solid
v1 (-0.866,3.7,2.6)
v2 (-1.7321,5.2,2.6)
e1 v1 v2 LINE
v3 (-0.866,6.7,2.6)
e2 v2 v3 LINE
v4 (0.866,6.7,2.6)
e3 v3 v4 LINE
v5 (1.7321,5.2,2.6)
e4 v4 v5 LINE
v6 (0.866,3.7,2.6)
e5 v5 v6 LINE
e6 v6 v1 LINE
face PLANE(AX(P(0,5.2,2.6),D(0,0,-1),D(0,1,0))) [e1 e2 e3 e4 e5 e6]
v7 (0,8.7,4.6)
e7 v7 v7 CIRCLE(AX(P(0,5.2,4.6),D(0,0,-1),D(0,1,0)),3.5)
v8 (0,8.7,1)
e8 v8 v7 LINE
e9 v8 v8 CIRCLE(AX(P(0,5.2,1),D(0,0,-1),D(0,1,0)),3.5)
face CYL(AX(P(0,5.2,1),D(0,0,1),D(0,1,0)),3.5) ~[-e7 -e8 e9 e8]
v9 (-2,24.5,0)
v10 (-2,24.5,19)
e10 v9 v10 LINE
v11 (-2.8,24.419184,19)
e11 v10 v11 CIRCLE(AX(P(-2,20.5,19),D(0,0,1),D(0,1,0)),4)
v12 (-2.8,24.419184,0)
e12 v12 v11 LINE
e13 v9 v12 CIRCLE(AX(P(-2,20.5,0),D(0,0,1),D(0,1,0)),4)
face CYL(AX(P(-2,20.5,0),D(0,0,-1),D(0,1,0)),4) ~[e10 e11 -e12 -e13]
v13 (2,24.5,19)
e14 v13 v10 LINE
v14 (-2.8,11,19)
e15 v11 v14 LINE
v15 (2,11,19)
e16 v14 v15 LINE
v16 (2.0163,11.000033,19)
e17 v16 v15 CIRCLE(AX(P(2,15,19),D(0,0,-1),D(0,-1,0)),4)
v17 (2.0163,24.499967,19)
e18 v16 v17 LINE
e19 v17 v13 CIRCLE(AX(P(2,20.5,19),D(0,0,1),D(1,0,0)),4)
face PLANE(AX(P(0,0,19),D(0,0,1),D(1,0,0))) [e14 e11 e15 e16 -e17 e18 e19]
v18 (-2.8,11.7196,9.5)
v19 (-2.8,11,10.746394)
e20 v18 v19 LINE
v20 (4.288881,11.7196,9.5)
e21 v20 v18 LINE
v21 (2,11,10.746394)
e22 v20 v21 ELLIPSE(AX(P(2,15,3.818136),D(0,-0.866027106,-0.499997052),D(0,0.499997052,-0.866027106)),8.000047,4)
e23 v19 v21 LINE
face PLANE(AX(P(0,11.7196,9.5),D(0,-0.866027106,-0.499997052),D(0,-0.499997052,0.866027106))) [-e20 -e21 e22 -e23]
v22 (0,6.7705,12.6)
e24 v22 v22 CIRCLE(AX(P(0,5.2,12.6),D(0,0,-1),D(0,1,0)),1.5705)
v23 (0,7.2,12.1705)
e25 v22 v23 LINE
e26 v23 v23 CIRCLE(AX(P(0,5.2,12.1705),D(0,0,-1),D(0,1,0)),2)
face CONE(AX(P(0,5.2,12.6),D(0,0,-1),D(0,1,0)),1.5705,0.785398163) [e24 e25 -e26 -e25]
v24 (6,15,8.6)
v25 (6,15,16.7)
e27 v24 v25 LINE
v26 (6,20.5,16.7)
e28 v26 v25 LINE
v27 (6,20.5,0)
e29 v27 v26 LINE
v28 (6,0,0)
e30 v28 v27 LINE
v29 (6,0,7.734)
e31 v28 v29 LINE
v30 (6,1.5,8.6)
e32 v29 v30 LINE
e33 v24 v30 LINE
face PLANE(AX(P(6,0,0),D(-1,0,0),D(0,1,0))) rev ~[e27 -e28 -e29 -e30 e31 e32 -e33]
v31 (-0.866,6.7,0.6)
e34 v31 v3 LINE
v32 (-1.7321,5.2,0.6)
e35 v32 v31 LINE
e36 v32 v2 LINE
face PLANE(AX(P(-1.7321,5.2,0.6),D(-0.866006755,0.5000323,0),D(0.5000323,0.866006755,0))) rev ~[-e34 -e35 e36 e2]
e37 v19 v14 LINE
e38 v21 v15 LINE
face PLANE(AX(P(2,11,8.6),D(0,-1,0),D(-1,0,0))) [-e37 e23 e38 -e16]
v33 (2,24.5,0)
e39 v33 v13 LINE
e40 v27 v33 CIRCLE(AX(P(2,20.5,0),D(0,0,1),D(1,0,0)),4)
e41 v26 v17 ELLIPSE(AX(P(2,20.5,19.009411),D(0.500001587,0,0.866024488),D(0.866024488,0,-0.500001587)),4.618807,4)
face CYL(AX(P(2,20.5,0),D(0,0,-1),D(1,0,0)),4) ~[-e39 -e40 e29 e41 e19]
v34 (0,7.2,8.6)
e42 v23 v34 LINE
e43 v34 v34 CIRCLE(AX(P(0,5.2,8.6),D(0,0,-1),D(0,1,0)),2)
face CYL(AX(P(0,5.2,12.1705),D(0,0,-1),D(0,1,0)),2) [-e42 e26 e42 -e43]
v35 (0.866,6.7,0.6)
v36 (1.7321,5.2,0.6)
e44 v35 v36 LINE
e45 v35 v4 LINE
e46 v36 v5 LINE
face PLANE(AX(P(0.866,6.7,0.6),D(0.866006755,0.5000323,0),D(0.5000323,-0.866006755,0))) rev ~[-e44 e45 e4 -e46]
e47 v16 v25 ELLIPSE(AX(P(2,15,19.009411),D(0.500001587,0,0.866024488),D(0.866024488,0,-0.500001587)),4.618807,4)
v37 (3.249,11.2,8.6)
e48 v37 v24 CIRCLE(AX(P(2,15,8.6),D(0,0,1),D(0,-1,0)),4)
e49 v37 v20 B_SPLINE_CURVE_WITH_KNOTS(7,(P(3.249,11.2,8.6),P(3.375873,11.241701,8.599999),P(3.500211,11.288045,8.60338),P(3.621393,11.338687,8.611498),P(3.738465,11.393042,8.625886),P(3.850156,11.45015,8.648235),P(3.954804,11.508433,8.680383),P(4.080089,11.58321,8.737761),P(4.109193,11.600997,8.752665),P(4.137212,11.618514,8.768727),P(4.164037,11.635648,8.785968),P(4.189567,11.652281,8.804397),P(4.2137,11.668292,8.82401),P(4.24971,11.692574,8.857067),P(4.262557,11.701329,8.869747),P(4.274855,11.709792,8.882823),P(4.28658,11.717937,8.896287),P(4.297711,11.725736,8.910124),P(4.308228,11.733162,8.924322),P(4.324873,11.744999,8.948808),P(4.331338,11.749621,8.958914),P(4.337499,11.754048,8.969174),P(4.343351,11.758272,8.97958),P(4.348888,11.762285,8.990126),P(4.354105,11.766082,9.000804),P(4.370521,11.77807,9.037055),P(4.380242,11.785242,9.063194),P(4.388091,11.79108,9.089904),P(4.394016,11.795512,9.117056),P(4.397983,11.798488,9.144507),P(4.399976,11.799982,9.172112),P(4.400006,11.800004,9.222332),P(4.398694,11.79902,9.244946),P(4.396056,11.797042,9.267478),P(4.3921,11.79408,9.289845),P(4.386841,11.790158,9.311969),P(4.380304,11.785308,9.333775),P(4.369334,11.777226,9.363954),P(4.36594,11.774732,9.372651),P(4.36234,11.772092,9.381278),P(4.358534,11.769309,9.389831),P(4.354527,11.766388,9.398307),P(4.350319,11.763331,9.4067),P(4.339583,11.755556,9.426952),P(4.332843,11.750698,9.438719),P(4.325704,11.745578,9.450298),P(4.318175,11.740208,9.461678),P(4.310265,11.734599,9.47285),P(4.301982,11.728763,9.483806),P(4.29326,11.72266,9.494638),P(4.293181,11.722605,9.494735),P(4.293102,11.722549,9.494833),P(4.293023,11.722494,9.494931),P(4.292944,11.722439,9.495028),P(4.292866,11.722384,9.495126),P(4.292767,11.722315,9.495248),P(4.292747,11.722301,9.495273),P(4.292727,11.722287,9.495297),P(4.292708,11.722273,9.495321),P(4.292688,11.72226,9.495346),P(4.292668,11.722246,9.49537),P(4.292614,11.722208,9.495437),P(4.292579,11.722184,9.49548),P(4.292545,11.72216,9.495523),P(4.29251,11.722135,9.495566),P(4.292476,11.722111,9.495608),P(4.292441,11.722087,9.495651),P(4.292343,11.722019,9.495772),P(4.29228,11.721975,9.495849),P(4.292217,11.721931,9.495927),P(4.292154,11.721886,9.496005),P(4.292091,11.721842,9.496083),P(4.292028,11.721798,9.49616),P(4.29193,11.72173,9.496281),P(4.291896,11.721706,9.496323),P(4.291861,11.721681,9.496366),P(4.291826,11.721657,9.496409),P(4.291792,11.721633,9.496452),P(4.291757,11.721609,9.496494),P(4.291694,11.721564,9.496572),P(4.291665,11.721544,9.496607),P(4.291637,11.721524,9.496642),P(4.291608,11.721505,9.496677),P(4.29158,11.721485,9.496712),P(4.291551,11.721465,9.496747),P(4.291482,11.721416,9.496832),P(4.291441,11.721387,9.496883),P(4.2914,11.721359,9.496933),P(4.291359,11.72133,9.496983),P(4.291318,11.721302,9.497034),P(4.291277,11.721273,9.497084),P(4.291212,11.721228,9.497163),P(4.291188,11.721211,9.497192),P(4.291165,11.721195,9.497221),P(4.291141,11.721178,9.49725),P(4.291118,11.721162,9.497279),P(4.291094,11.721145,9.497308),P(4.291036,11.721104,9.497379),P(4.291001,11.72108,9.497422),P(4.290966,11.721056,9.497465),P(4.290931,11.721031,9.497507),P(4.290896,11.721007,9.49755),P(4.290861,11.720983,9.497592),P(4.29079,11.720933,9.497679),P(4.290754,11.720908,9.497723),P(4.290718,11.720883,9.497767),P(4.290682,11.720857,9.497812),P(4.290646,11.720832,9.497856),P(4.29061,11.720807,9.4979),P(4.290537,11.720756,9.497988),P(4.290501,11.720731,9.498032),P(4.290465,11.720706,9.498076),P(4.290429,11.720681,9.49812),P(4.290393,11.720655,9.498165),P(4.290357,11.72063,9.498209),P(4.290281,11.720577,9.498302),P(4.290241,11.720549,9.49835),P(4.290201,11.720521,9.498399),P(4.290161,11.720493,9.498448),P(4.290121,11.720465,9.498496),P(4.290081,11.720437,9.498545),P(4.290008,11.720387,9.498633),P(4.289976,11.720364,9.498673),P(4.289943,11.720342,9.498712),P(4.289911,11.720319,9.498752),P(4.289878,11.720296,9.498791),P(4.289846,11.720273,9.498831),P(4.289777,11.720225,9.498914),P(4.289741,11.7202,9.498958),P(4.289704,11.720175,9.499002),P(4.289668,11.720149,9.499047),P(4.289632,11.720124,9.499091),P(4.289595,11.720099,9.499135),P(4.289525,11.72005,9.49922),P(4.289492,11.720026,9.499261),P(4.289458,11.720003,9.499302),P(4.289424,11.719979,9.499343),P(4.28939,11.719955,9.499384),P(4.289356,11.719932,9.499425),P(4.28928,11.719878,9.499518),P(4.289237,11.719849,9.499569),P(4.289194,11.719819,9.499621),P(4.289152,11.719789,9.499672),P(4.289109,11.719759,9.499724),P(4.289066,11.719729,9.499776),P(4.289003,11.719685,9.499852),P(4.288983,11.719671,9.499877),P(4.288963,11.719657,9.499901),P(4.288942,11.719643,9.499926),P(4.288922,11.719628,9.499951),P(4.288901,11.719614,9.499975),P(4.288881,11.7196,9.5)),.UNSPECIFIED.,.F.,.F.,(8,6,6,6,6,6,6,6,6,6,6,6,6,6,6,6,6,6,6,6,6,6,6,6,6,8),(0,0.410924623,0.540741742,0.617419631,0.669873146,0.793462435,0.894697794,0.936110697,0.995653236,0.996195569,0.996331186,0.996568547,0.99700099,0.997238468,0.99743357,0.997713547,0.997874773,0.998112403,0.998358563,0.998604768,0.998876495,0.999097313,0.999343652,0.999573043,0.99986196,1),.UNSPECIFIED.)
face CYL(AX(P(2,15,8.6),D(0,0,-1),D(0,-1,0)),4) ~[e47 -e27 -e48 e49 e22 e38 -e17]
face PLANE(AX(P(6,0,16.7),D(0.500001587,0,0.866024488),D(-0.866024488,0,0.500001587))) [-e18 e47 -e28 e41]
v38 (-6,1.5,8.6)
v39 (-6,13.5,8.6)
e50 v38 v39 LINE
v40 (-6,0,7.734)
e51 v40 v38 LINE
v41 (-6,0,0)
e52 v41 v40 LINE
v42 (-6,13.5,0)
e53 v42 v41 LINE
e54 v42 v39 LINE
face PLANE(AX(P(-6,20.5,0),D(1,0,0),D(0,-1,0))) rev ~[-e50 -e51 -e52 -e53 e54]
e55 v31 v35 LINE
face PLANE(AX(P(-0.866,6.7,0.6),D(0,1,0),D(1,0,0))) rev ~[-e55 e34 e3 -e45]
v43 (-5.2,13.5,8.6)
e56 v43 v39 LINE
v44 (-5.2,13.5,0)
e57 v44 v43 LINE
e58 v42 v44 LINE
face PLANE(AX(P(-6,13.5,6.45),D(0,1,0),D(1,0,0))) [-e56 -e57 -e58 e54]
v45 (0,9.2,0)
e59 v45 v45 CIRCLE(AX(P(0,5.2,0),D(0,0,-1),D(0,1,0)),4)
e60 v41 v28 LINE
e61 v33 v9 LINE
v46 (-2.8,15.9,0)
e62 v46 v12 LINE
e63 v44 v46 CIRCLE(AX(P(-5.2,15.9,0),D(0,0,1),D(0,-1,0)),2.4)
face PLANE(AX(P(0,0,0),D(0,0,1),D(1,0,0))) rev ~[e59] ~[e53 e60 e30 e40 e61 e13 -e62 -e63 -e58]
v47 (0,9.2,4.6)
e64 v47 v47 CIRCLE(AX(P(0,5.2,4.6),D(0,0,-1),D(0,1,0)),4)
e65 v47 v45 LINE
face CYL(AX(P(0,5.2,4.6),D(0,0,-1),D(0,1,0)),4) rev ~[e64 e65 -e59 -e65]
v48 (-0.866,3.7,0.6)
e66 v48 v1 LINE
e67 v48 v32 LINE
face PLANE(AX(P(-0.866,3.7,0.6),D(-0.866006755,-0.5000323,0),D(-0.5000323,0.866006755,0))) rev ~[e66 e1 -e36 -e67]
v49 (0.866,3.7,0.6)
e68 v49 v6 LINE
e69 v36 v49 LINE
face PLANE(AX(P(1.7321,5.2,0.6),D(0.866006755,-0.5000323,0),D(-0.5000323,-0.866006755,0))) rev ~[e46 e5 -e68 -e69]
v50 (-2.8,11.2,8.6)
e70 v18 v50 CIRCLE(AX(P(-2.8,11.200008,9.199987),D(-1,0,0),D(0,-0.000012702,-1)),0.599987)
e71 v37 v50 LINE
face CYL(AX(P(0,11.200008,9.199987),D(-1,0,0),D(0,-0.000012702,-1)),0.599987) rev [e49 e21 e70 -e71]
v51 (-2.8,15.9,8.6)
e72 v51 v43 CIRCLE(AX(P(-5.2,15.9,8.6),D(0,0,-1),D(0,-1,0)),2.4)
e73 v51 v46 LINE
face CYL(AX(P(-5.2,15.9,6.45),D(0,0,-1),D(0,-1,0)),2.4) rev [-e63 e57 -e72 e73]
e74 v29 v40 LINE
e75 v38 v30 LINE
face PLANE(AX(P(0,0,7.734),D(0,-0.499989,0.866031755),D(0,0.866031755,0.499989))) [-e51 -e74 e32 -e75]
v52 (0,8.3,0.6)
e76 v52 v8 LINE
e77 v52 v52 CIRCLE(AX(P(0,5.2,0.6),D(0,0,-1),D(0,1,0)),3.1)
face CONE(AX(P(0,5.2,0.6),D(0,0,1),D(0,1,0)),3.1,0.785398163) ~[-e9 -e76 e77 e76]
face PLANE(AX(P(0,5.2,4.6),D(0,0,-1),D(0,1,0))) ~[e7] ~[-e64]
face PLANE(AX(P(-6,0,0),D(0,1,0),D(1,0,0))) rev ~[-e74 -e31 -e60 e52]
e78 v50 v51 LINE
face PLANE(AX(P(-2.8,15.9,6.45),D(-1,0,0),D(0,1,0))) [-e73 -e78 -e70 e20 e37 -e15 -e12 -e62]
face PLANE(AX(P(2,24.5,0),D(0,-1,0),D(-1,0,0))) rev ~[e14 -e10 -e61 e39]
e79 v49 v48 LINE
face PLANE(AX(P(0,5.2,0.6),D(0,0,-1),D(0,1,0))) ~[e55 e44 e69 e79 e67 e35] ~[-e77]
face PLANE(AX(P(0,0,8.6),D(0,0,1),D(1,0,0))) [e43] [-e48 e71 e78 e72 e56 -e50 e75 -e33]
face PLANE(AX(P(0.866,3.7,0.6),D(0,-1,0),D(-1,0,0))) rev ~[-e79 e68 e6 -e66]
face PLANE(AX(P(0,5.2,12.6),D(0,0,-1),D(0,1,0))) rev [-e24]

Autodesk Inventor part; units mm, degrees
sketch "Skizze_1" plane through (0, 0, 0) normal (0, 0, 1) x (1, 0, 0)
  line L0 (-6, 20.5) -> (-6, 0)
  line L1 (-6, 0) -> (6, 0)
  line L2 (6, 0) -> (6, 20.5)
  arc A0 (6, 20.5) -> (2, 24.5) centre (2, 20.5) ccw
  line L3 (2, 24.5) -> (-2, 24.5)
  arc A1 (-2, 24.5) -> (-6, 20.5) centre (-2, 20.5) ccw
extrude "Extrusion1" add sketch "Skizze_1" along normal blind 19
sketch "Skizze_2" plane through (0, 0, 0) normal (1, 0, 0) x (0, 1, 0)
  line L0 (1.5, 8.6) -> (0, 8.6)
  line L1 (0, 8.6) -> (0, 7.734)
  line L2 (0, 7.734) -> (1.5, 8.6)
extrude "Extrusion2" cut sketch "Skizze_2" along normal mid plane 12
sketch "Skizze_5" plane through (0, 0, 0) normal (1, 0, 0) x (0, 1, 0)
  line L0 (5.2, 0) -> (5.2, 8.6)
  line L1 (5.2, 0.6) -> (8.3, 0.6)
  line L2 (8.3, 0.6) -> (8.7, 1)
  line L3 (8.7, 1) -> (8.7, 4.6)
  line L4 (8.7, 4.6) -> (9.2, 4.6)
  line L5 (9.2, 4.6) -> (9.2, 0)
  line L6 (9.2, 0) -> (5.2, 0)
  line L7 (5.2, 0) -> (5.2, 0.6)
sketch "Sketch_1" plane through (0, 0, 8.6) normal (0, 0, 1) x (1, 0, 0)
  line L0 (-6, 24.5) -> (-6, 0)
  line L1 (-6, 0) -> (8, 0)
  line L2 (8, 0) -> (8, 15)
  line L3 (8, 15) -> (6, 15)
  arc A0 (2, 11) -> (6, 15) centre (2, 15) ccw
  line L4 (2, 11) -> (-2.8, 11)
  line L5 (-2.8, 11) -> (-2.8, 24.5)
  line L6 (-2.8, 24.5) -> (-6, 24.5)
extrude "Extrusion3" cut sketch "Sketch_1" along normal blind 19.8
revolve "Revolution1" cut sketch "Skizze_5" angle 360 about axis through (0, 5.2, 0) along (0, 0, -1)
sketch "Skizze_6" plane through (0, 5.2, 0.6) normal (0, 0, -1) x (0, 1, 0)
  line L0 (-1.5, -0.866) -> (0, -1.7321)
  line L1 (0, -1.7321) -> (1.5, -0.866)
  line L2 (1.5, -0.866) -> (1.5, 0.866)
  line L3 (1.5, 0.866) -> (0, 1.7321)
  line L4 (0, 1.7321) -> (-1.5, 0.866)
  line L5 (-1.5, 0.866) -> (-1.5, -0.866)
extrude "Extrusion4" cut sketch "Skizze_6" against normal blind 2
sketch "Skizze_9" plane through (0, 0, 6.45) normal (0, 0, 1) x (1, 0, 0)
  line L0 (-6, 13.5) -> (-5.2, 13.5)
  arc A0 (-5.2, 13.5) -> (-2.8, 15.9) centre (-5.2, 15.9) ccw
  line L1 (-2.8, 15.9) -> (-2.8, 24.5)
  line L2 (-2.8, 24.5) -> (-6, 24.5)
  line L3 (-6, 24.5) -> (-6, 13.5)
extrude "Extrusion5" cut sketch "Skizze_9" along normal mid plane 12.9
sketch "Skizze_13" plane through (0, 0, 0) normal (1, 0, 0) x (0, 1, 0)
  line L0 (10.9, 10.9196) -> (10.9, 8.6)
  line L1 (10.9, 8.6) -> (11.2, 8.6)
  arc A0 (11.2, 8.6) -> (11.7196, 9.5) centre (11.2, 9.2) ccw
  line L2 (11.7196, 9.5) -> (10.9, 10.9196)
extrude "Extrusion6" cut sketch "Skizze_13" along normal mid plane 12
sketch "Sketch_3" plane through (0, 0, 0) normal (0, 1, 0) x (-1, 0, 0)
  line L0 (-2.0163, 19) -> (-6, 19)
  line L1 (-6, 19) -> (-6, 16.7)
  line L2 (-6, 16.7) -> (-2.0163, 19)
extrude "Extrusion7" cut sketch "Sketch_3" along normal mid plane 49
sketch "Sketch_5" plane through (0, 0, 0) normal (1, 0, 0) x (0, 1, 0)
  line L0 (5.2, 8.6) -> (5.2, 12.6)
  line L1 (5.2, 12.6) -> (6.7705, 12.6)
  line L2 (6.7705, 12.6) -> (7.2, 12.1705)
  line L3 (7.2, 12.1705) -> (7.2, 8.6)
  line L4 (7.2, 8.6) -> (5.2, 8.6)
  line L5 (5.2, 8.6) -> (5.2, 12.6)
revolve "Revolution2" add sketch "Sketch_5" angle 360 about axis through (0, 5.2, 8.6) along (0, 0, -1)
thread "Thread1" size "M4x0.7" class "6g" standard "ISO Metric profile" full length
ref_plane "ANBAU_XY" through (0, 5.2, 8.6) normal (0, 0, -1) x (1, 0, 0)
ref_plane "ANBAU_YZ" through (0, 5.2, 8.6) normal (1, 0, 0) x (0, -1, 0)
ref_plane "ANBAU_ZX" through (0, 5.2, 8.6) normal (0, -1, 0) x (0, 0, -1)
properties part number "686786 DGSL-12-AS"
